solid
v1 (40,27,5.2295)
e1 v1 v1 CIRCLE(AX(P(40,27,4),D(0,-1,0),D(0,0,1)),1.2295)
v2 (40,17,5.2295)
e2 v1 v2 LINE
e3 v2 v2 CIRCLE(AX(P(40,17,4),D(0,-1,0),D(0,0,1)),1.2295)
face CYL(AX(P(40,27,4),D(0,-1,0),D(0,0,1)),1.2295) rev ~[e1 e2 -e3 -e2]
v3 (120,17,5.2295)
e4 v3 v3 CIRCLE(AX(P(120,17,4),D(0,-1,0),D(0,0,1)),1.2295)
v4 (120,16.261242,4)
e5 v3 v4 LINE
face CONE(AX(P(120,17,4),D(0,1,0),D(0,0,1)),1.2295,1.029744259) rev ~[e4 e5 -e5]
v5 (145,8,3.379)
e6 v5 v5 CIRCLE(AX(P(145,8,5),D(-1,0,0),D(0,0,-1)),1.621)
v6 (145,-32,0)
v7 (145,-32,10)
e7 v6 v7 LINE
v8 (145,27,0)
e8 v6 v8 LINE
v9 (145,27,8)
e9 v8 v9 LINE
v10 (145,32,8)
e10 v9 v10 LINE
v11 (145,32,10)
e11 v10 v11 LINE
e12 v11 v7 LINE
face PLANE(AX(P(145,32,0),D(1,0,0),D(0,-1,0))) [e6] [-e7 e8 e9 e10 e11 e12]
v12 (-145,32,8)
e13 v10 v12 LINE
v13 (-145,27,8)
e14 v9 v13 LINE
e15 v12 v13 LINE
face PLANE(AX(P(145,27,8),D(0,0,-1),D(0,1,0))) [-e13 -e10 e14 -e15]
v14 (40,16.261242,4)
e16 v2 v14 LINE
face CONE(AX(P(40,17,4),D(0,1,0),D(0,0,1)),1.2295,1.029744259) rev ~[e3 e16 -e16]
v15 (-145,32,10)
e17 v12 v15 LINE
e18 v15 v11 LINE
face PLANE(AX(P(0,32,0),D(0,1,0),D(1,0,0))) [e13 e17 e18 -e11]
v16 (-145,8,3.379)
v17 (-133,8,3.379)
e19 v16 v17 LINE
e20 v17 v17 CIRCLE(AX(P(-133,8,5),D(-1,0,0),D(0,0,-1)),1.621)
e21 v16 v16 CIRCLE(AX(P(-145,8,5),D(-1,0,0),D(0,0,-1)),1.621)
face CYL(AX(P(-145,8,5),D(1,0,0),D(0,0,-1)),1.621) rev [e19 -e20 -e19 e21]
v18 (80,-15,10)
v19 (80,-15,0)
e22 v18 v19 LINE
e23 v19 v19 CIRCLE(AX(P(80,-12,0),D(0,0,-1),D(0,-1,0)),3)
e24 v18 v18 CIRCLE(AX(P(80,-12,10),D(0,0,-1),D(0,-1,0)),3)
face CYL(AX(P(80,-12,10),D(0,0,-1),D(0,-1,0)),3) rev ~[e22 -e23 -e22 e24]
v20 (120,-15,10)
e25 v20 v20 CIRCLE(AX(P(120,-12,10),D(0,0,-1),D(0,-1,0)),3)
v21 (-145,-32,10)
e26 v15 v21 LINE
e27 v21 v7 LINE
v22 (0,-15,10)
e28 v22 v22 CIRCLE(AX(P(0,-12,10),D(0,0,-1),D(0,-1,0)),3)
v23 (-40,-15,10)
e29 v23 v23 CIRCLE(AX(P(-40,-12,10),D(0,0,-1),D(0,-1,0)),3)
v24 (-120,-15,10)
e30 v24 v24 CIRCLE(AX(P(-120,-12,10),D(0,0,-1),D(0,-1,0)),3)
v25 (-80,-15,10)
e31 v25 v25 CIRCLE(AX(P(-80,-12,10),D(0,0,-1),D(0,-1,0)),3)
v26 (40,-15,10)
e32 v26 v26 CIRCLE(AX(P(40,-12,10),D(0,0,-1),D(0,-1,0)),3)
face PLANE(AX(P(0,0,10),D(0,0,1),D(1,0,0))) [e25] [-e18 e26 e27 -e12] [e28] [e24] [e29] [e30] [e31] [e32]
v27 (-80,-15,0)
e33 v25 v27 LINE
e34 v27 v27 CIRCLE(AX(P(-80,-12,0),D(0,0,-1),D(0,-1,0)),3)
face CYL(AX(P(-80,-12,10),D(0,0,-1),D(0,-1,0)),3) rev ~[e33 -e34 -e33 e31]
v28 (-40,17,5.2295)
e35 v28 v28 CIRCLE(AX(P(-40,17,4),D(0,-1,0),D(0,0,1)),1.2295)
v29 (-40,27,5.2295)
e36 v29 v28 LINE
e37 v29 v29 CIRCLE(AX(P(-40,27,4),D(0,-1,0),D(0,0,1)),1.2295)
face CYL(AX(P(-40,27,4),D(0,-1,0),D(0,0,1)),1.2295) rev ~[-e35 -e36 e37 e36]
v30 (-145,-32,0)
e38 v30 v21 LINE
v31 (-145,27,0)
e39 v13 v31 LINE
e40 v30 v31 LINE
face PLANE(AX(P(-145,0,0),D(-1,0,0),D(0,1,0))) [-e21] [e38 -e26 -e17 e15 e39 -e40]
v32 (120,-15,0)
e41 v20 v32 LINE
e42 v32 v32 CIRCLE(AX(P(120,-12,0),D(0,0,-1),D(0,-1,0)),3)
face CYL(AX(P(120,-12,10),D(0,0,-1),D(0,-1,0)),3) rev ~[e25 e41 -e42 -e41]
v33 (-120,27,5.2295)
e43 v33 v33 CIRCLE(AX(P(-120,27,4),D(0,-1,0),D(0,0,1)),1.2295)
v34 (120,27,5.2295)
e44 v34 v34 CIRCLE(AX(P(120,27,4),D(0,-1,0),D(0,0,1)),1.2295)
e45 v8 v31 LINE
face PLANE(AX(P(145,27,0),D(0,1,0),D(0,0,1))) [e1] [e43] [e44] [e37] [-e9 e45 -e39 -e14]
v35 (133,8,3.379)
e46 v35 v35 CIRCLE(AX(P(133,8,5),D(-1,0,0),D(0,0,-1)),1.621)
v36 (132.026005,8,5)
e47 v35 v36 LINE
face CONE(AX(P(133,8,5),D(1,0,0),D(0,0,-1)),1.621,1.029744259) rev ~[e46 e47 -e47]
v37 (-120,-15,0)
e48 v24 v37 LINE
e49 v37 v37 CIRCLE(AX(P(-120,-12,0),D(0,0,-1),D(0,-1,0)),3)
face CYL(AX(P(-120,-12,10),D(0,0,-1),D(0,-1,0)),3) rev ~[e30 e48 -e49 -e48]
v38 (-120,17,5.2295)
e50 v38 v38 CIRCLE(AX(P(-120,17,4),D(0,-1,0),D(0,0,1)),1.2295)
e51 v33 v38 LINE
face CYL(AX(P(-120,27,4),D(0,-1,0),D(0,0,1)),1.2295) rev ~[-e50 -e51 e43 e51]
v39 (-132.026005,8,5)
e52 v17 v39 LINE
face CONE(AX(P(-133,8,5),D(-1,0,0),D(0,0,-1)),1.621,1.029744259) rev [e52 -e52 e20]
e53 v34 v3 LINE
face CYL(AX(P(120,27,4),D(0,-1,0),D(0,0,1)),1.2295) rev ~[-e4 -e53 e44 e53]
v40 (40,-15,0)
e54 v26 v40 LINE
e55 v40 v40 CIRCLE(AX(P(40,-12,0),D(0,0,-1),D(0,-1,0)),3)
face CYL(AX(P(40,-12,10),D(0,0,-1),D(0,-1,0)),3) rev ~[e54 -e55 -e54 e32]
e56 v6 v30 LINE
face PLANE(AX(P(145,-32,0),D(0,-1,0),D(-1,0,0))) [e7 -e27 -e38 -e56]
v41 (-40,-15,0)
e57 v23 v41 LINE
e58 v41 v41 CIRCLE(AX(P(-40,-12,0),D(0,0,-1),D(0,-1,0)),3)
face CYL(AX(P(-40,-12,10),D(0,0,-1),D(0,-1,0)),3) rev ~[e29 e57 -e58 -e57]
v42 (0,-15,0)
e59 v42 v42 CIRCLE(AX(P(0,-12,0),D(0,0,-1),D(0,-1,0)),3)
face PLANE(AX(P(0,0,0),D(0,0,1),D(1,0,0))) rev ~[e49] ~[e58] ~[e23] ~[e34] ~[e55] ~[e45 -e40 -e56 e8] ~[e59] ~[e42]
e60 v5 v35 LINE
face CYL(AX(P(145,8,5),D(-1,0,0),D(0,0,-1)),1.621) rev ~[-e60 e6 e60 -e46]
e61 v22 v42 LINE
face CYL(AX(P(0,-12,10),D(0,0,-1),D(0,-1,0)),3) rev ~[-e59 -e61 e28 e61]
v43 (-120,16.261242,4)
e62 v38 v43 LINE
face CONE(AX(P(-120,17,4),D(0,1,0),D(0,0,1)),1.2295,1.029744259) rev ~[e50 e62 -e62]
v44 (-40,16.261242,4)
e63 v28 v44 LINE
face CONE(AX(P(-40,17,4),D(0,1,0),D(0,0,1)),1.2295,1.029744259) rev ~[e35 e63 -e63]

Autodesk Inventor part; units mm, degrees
ref_plane "YZ Plane" through (0, 0, 0) normal (1, 0, 0) x (0, 1, 0)
ref_plane "XZ Plane" through (0, 0, 0) normal (0, 1, 0) x (-1, 0, 0)
ref_plane "XY Plane" through (0, 0, 0) normal (0, 0, 1) x (1, 0, 0)
sketch "Skizze1" plane through (0, 0, 0) normal (0, 0, 1) x (1, 0, 0)
  line L0 (0, 44.8) -> (0, -44.8) projected
  line L1 (-203, 0) -> (203, 0) projected
  line L2 (-145, 32) -> (145, 32)
  line L3 (145, 32) -> (145, -32)
  line L4 (145, -32) -> (-145, -32)
  line L5 (-145, -32) -> (-145, 32)
  point P0 (0, 0)
  point P1 (0, 32)
  point P2 (-145, 0)
  dimension "d0" = 290
  dimension "d1" = 64
extrude "Extrusion1" add sketch "Skizze1" along normal blind 10
sketch "Skizze2" plane through (145, -32, 0) normal (1, 0, 0) x (0, 0, -1)
  line L0 (-10, 64) -> (-10, 0) projected
  line L1 (0, 0) -> (0, 64) projected
  line L2 (0, 64) -> (-10, 64) projected
  line L3 (0, 59) -> (-8, 59)
  line L4 (-8, 59) -> (-8, 64)
  point P0 (0, 32)
  dimension "d4" = 2
  dimension "d5" = 5
extrude "Extrusion2" cut sketch "Skizze2" against normal through all
sketch "Skizze3" plane through (0, 0, 10) normal (0, 0, 1) x (1, 0, 0)
  line L0 (-145, -32) -> (-145, 32) projected
  line L1 (145, -32) -> (-145, -32) projected
  point P0 (0, 0)
  point P1 (-120, -12)
  dimension "d8" = 25
  dimension "d9" = 20
hole "Bohrung1" at (-120, -12, 10) direction (0, 0, -1) diameter 6 end through all
pattern_linear "Rechteckige Anordnung1" count 7 spacing 40 along (1, 0, 0) of "Bohrung1"
sketch "Skizze4" plane through (145, 27, 8) normal (0, 1, 0) x (1, 0, 0)
  line L0 (-290, 0) -> (-290, 8) projected
  line L1 (-290, 8) -> (0, 8) projected
  point P0 (-145, 8)
  point P1 (-265, 4)
  dimension "d20" = 25
  dimension "d21" = 4
hole "Bohrung2" at (-120, 27, 4) direction (0, -1, 0) diameter 2.459 depth 10 tip angle 118 thread size "M3x0.5" class "6H" standard "ISO Metric profile"
pattern_linear "Rechteckige Anordnung2" count 4 spacing 80 along (1, 0, 0) of "Bohrung2"
sketch "Skizze5" plane through (145, -32, 10) normal (1, 0, 0) x (0, 0, -1)
  line L0 (10, 0) -> (0, 0) projected
  point P0 (10, 32)
  point P1 (5, 40)
  dimension "d32" = 40
hole "Bohrung3" at (145, 8, 5) direction (-1, 0, 0) diameter 3.242 depth 12 tip angle 118 thread size "M4x0.7" class "6H" standard "ISO Metric profile"
mirror "Spiegeln1" about plane through (0, 0, 0) normal (1, 0, 0) of "Bohrung3"
properties part number "Tunnelwand" material "Polycarbonate, Clear"
